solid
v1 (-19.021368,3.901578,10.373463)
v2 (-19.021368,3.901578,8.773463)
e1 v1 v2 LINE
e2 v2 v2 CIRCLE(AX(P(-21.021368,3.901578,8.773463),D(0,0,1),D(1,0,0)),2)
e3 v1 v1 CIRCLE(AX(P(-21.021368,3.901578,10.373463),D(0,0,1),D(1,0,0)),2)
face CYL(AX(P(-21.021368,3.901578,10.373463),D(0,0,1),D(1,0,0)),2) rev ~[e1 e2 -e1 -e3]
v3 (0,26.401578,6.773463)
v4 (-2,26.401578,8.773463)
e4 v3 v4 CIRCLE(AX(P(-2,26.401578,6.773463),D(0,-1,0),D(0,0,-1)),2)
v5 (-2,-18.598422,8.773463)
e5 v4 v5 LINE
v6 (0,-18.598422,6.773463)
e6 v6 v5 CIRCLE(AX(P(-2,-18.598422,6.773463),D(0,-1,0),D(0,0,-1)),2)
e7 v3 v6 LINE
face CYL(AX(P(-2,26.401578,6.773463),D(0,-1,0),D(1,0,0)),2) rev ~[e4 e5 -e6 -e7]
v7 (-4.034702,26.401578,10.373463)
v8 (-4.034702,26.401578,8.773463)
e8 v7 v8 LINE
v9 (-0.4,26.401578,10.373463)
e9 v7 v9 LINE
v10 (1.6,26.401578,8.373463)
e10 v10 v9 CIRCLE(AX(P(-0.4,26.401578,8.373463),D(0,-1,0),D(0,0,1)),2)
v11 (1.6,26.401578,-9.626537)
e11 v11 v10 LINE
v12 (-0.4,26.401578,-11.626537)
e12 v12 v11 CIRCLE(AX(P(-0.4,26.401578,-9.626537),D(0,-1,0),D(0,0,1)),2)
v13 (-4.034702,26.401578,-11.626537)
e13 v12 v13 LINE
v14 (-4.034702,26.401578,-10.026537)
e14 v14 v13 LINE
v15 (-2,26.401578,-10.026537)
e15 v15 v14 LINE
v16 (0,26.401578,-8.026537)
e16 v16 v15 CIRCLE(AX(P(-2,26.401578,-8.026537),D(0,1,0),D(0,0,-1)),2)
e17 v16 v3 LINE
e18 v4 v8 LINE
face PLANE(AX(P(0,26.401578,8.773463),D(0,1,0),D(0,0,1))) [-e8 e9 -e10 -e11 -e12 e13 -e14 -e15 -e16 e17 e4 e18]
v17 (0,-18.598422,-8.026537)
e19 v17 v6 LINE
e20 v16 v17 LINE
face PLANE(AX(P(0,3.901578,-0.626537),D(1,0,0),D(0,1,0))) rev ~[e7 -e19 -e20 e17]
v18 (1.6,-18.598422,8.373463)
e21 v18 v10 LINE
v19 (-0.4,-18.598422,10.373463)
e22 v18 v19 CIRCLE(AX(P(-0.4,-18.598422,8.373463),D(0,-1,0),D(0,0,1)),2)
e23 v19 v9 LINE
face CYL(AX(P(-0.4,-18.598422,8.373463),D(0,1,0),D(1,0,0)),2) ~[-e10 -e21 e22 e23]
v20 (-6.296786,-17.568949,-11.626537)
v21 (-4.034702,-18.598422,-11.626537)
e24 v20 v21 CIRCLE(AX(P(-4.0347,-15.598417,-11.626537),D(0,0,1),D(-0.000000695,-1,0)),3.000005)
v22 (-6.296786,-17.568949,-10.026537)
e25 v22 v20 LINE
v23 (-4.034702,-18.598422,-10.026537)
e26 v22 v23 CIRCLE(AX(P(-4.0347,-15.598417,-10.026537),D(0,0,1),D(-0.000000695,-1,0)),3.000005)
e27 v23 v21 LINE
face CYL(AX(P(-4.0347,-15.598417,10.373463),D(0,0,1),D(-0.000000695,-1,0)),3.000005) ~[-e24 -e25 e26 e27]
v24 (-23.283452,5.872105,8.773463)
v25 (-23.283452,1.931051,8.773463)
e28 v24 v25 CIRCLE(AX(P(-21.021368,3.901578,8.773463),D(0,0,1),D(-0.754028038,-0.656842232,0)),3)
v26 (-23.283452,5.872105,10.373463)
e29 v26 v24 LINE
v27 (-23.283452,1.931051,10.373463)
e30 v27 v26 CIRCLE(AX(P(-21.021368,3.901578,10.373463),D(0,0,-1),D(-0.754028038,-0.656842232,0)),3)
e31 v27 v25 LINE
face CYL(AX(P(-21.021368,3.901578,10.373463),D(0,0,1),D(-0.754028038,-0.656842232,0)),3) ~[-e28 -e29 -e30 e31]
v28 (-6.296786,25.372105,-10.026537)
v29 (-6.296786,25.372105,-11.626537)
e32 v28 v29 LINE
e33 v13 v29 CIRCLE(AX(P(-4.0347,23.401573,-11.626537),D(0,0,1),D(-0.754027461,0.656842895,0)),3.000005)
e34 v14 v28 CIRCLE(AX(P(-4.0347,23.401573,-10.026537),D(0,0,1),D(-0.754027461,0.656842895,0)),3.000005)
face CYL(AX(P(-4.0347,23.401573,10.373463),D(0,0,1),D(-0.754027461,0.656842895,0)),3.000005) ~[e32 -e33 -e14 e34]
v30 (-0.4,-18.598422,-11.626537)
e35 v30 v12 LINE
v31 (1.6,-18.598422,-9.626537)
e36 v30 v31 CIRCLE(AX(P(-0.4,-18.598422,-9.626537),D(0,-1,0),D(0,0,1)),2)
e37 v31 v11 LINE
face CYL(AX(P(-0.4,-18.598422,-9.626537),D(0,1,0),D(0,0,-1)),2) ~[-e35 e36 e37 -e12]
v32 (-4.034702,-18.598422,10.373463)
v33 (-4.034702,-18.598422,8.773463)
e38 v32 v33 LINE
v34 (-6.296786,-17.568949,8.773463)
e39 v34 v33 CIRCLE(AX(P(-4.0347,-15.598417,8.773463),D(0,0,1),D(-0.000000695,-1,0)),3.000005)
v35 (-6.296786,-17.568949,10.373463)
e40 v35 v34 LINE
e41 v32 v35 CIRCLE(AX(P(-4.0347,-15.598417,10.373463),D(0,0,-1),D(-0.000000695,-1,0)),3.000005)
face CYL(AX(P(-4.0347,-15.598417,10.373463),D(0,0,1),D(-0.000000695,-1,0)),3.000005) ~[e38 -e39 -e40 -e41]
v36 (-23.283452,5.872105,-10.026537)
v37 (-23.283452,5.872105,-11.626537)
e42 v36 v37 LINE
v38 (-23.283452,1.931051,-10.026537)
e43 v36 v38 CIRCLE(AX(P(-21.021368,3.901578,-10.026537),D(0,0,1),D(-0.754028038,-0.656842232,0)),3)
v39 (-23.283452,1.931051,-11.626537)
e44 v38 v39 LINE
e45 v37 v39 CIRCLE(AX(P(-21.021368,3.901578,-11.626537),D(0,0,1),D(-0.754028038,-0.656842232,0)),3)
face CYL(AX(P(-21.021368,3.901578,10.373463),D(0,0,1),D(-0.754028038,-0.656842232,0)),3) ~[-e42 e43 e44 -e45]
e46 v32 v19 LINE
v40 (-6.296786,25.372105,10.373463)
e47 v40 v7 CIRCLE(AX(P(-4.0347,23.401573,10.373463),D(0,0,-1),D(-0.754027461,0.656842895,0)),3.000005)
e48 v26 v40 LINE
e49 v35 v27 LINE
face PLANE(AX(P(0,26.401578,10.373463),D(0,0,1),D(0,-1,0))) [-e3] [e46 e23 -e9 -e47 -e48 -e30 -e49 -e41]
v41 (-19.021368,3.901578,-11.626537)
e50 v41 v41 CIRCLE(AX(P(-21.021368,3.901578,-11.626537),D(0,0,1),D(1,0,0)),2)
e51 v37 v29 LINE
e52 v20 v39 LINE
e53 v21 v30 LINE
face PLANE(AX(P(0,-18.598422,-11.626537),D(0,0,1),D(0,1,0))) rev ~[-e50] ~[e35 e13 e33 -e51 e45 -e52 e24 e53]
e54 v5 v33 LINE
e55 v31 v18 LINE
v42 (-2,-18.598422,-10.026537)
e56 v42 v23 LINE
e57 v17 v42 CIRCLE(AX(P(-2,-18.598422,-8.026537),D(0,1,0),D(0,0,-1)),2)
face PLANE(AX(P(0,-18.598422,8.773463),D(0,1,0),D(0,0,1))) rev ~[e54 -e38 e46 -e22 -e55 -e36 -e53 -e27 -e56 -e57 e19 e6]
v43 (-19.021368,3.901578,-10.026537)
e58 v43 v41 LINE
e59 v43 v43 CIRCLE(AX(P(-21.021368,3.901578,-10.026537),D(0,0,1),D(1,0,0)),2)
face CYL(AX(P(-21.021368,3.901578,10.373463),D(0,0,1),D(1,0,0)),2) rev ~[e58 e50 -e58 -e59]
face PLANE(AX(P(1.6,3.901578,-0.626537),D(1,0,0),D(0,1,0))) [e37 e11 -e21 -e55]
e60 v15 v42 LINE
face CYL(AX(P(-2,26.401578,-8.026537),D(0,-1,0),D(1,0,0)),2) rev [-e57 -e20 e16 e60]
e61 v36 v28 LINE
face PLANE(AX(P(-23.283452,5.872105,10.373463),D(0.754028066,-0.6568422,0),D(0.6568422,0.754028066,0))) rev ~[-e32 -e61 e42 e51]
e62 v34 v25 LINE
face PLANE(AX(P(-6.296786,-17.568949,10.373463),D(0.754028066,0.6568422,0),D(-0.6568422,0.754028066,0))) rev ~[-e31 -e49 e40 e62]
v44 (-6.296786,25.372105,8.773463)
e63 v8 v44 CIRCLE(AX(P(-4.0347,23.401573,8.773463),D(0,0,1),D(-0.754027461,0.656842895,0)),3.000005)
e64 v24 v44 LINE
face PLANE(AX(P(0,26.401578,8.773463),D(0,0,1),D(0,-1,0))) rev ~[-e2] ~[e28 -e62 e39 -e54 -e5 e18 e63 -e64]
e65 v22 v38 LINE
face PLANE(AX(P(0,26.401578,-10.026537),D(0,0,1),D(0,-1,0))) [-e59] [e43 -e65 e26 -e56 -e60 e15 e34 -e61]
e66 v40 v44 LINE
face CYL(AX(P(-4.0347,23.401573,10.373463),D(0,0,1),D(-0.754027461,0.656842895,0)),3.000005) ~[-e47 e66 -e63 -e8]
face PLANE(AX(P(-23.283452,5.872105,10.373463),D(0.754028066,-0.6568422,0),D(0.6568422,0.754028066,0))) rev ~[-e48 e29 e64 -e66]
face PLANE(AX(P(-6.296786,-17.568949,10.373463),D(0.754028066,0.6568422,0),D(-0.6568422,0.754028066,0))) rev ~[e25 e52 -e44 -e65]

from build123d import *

# Parameters (mm, degrees)
F0_W     = 45
F0_H     = 22
F1_DEPTH = 1.6
F2_W     = 45
F2_H     = 1.6
F3_DEPTH = 25
F4_R     = 2
F5_DEPTH = 25
F6_R     = 2


with BuildPart() as f1:
    # F0 (on Right) → F1 (new body)
    with BuildSketch(Plane.YZ):
        with Locations((3.901578, -0.626537)):
            Rectangle(F0_W, F0_H)
    extrude(amount=F1_DEPTH)

    # F2 (on face) → F3 (join)
    with BuildSketch(Plane(origin=(0, 0, 0), x_dir=(0, -1, 0), z_dir=(-1, 0, 0))):
        with Locations((-3.901578, 9.573463)):
            Rectangle(F2_W, F2_H)
        with Locations((-3.901578, -10.826537)):
            Rectangle(F2_W, F2_H)
    extrude(amount=F3_DEPTH)

    # F4 (on face) → F5 (cut)
    with BuildSketch(Plane.XY.offset(10.373463)):
        with BuildLine():
            Line((-25, -18.598422), (-4.034702, -18.598422))
            ThreePointArc((-4.034702, -18.598422), (-5.277364, -18.328951), (-6.296786, -17.568949))
            Line((-6.296786, -17.568949), (-23.283452, 1.931051))
            ThreePointArc((-23.283452, 1.931051), (-24.021368, 3.901578), (-23.283452, 5.872105))
            Line((-23.283452, 5.872105), (-6.296786, 25.372105))
            ThreePointArc((-6.296786, 25.372105), (-5.277364, 26.132107), (-4.034702, 26.401578))
            Line((-4.034702, 26.401578), (-25, 26.401578))
            Line((-25, 26.401578), (-25, -18.598422))
        make_face()
        with Locations((-21.021368, 3.901578)):
            Circle(F4_R)
    extrude(amount=-F5_DEPTH, mode=Mode.SUBTRACT)

    # F6
    f6_edges = [f1.edges().sort_by_distance(p)[0] for p in [
        (1.6, 3.901578, -11.626537),
        (1.6, 3.901578, 10.373463),
        (0, 3.901578, -10.026537),
        (0, 3.901578, 8.773463),
    ]]
    fillet(f6_edges, radius=F6_R)


solid = f1.part
